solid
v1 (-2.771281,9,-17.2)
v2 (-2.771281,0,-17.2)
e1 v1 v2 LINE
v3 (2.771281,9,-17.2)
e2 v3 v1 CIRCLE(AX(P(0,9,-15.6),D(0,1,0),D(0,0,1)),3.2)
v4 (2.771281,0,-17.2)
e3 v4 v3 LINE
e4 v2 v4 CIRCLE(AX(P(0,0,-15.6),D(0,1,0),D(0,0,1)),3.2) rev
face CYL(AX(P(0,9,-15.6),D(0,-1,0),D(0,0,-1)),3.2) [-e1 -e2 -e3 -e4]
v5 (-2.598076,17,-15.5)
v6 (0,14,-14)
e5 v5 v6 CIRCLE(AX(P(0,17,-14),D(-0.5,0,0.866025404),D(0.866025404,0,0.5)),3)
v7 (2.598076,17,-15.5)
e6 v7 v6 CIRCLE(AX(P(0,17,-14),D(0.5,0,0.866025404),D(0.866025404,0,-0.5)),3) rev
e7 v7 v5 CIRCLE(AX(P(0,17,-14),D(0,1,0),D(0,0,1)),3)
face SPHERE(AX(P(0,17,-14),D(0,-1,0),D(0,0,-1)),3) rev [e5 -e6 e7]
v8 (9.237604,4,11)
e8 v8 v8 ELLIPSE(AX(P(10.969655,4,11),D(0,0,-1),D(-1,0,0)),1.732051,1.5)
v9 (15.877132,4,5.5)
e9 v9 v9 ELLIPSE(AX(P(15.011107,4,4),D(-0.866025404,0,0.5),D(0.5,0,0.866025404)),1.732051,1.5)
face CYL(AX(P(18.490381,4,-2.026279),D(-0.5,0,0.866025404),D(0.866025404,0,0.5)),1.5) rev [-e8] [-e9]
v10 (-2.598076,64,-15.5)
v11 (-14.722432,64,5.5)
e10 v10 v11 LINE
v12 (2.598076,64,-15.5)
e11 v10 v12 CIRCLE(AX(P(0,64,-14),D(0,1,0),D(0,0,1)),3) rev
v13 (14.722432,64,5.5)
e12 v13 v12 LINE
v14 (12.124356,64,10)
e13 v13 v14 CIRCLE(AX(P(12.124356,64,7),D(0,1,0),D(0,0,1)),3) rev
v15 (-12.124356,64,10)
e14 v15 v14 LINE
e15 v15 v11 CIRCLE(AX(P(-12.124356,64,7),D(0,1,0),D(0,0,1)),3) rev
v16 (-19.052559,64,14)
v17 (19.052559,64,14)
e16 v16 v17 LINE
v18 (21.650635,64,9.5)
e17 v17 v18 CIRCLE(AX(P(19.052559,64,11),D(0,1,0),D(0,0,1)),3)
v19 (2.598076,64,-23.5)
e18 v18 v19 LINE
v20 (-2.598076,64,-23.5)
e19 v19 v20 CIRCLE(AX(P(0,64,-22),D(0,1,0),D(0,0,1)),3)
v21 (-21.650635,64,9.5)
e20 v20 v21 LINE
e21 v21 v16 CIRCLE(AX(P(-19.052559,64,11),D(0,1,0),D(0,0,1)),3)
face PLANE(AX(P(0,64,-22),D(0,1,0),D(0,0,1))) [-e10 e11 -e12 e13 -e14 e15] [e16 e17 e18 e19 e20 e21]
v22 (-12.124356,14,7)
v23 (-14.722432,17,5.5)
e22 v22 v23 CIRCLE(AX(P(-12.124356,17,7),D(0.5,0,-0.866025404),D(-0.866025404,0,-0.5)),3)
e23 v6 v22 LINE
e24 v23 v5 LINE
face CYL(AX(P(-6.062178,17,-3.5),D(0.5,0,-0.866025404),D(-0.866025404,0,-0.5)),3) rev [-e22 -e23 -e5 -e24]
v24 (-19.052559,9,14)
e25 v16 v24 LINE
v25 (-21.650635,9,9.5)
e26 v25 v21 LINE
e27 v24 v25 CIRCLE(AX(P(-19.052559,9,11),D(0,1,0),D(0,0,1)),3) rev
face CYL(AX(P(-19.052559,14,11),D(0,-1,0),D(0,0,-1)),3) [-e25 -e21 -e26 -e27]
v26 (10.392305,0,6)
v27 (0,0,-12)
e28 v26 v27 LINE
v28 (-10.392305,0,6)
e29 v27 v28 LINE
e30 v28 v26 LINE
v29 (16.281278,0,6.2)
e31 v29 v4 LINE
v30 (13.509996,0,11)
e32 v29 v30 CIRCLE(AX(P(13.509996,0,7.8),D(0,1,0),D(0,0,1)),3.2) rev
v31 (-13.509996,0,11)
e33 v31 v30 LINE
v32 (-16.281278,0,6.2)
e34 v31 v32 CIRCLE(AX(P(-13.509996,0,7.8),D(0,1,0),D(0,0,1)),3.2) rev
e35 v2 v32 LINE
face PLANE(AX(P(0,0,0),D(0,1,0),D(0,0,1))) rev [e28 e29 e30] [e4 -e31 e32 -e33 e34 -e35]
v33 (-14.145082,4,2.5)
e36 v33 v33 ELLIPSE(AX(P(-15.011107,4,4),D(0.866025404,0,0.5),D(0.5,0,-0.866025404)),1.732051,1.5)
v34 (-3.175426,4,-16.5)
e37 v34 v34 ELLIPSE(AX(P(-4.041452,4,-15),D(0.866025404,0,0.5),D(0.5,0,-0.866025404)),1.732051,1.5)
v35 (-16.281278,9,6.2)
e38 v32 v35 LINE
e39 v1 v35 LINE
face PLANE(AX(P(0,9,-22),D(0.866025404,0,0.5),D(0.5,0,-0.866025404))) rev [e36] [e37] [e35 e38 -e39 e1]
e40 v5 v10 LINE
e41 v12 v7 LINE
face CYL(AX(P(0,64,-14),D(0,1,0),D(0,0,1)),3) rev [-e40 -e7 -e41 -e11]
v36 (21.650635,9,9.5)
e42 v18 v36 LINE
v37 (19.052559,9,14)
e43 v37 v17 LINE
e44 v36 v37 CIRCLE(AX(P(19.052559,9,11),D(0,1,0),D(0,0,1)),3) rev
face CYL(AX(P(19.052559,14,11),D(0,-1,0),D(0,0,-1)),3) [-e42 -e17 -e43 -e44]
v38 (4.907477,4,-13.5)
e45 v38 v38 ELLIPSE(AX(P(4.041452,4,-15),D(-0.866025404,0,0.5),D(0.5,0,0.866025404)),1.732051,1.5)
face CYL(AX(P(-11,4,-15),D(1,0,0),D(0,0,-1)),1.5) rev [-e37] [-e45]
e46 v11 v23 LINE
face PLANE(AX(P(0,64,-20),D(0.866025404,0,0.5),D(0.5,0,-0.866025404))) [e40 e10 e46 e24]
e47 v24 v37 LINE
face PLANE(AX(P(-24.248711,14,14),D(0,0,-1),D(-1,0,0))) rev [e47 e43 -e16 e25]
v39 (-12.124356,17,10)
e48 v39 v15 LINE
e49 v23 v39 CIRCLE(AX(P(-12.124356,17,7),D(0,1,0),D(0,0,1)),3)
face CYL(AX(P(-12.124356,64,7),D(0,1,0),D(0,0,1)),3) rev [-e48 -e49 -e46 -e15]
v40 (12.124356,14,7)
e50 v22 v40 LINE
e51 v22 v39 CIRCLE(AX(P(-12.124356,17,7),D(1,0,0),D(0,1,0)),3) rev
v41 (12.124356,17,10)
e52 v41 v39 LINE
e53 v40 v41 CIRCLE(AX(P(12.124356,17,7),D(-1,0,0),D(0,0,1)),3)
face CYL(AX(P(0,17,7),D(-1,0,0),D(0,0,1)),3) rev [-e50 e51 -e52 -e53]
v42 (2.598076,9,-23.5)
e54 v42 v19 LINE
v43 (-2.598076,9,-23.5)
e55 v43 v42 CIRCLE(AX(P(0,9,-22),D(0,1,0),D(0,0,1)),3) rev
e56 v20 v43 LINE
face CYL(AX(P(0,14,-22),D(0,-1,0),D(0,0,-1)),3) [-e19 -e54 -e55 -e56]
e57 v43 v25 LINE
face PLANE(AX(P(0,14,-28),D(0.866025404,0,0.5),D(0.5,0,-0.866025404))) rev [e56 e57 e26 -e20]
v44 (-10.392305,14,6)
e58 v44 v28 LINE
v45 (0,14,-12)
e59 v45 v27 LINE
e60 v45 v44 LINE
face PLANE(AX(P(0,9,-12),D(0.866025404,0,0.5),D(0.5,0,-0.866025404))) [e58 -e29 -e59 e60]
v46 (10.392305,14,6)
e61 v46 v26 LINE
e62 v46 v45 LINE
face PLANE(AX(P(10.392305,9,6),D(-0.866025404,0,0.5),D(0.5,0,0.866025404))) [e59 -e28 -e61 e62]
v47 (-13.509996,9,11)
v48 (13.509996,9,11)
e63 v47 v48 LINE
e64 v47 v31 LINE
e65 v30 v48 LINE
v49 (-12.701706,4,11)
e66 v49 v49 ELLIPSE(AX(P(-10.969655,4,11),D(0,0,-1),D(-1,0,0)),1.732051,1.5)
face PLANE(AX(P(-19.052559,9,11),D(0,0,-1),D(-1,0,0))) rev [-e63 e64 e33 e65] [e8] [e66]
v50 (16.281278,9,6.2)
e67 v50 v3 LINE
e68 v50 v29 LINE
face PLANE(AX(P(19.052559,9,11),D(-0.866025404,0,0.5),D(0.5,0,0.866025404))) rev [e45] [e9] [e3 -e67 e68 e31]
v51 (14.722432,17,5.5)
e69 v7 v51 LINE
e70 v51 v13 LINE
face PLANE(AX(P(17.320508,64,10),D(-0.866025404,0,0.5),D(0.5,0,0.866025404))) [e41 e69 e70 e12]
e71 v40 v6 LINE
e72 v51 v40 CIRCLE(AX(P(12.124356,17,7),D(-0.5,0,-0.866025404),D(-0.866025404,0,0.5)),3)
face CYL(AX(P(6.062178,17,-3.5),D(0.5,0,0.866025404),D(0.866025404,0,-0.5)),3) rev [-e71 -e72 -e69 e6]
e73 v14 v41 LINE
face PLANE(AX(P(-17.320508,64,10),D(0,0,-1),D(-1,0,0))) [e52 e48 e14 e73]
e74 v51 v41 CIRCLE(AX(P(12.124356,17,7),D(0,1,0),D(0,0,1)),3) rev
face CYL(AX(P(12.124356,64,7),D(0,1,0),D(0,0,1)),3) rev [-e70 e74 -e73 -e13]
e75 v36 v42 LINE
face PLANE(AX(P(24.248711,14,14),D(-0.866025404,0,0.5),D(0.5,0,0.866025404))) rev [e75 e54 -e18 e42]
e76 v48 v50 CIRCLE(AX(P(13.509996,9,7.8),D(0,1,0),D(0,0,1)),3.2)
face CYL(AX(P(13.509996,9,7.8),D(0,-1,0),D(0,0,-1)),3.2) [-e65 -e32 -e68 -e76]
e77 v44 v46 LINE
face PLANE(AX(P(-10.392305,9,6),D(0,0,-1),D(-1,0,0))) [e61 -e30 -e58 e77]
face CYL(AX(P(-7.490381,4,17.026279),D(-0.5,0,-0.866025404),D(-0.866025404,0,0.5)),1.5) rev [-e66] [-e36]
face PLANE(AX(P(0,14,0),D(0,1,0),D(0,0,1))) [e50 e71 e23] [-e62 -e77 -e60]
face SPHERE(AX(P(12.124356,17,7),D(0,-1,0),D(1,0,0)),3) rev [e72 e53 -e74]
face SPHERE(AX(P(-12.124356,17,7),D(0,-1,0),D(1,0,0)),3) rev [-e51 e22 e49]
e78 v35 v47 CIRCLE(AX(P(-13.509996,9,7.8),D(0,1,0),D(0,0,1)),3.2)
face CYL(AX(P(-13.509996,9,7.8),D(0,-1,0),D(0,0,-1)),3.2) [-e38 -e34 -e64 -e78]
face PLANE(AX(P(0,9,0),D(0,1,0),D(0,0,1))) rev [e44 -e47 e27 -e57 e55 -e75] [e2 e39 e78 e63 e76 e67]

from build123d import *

# Parameters (mm, degrees)
EXTRUDE_1_DEPTH          = 9
EXTRUDE_2_DEPTH          = 5
FILLET_1_R               = 3.2
SKETCH_5_R               = 1.5
CUT_EXTRUDE_1_DEPTH      = 18
PATTERN_CIRCULAR_1_COUNT = 3
FILLET_2_R               = 3
EXTRUDE_START            = 50
EXTRUDE_3_DEPTH          = 50
FILLET_3_R               = 3


with BuildPart() as part:
    # 草图1 → 凸台-拉伸1 (new body)
    with BuildSketch(Plane(origin=(0, 0, 0), x_dir=(1, 0, 0), z_dir=(0, 1, 0))):
        Polygon((0, 22), (-19.052558883, -11), (19.052558883, -11), align=None)
        Polygon((0, 12), (-10.392304845, -6), (10.392304845, -6), align=None, mode=Mode.SUBTRACT)
    extrude(amount=EXTRUDE_1_DEPTH)

    # 草图3 → 凸台-拉伸2 (add)
    with BuildSketch(Plane(origin=(0, 9, 0), x_dir=(1, 0, 0), z_dir=(0, 1, 0))):
        Polygon((0, 28), (-24.248711306, -14), (24.248711306, -14), align=None)
        Polygon((0, 12), (-10.392304845, -6), (10.392304845, -6), align=None, mode=Mode.SUBTRACT)
    extrude(amount=EXTRUDE_2_DEPTH)

    # 圆角1
    fillet_1_edges = [part.edges().sort_by_distance(p)[0] for p in [
        (19.052558883, 4.5, 11),
        (-19.052558883, 4.5, 11),
        (0, 4.5, -22),
    ]]
    fillet(fillet_1_edges, radius=FILLET_1_R)

    # 草图5 → 切除-拉伸1 (cut)
    with BuildSketch(Plane(origin=(7, -46, 0), x_dir=(0, 0, -1), z_dir=(1, 0, 0))):
        with Locations((15, 50)):
            Circle(SKETCH_5_R)
    cut_extrude_1 = extrude(amount=-CUT_EXTRUDE_1_DEPTH, mode=Mode.SUBTRACT)

    # 阵列(圆周)1: 切除-拉伸1 ×3 about axis
    pattern_circular_1_axis = Axis((0, 0, 0), (0, 1, 0))
    for i in range(1, PATTERN_CIRCULAR_1_COUNT):
        add(cut_extrude_1.rotate(pattern_circular_1_axis, i * 360 / PATTERN_CIRCULAR_1_COUNT), mode=Mode.SUBTRACT)

    # 圆角2
    fillet_2_edges = [part.edges().sort_by_distance(p)[0] for p in [
        (24.248711306, 11.5, 14),
        (0, 11.5, -28),
        (-24.248711306, 11.5, 14),
    ]]
    fillet(fillet_2_edges, radius=FILLET_2_R)

    # 草图6 → 凸台-拉伸3 (add)
    with BuildSketch(Plane(origin=(0, 14, 0), x_dir=(1, 0, 0), z_dir=(0, 1, 0)).offset(EXTRUDE_START)):
        with BuildLine():
            Line((-2.598076211, 23.5), (-21.650635095, -9.5))
            ThreePointArc((-21.650635095, -9.5), (-21.650635095, -12.5), (-19.052558883, -14))
            Line((-19.052558883, -14), (19.052558883, -14))
            ThreePointArc((19.052558883, -14), (21.650635095, -12.5), (21.650635095, -9.5))
            Line((21.650635095, -9.5), (2.598076211, 23.5))
            ThreePointArc((2.598076211, 23.5), (0, 25), (-2.598076211, 23.5))
        make_face()
        Polygon((0, 20), (-17.320508076, -10), (17.320508076, -10), align=None, mode=Mode.SUBTRACT)
    extrude(amount=-EXTRUDE_3_DEPTH)

    # 圆角3
    fillet_3_edges = [part.edges().sort_by_distance(p)[0] for p in [
        (8.660254038, 14, -5),
        (-8.660254038, 14, -5),
        (0, 14, 10),
        (0, 39, -20),
        (-17.320508076, 39, 10),
        (17.320508076, 39, 10),
    ]]
    fillet(fillet_3_edges, radius=FILLET_3_R)


solid = part.part
